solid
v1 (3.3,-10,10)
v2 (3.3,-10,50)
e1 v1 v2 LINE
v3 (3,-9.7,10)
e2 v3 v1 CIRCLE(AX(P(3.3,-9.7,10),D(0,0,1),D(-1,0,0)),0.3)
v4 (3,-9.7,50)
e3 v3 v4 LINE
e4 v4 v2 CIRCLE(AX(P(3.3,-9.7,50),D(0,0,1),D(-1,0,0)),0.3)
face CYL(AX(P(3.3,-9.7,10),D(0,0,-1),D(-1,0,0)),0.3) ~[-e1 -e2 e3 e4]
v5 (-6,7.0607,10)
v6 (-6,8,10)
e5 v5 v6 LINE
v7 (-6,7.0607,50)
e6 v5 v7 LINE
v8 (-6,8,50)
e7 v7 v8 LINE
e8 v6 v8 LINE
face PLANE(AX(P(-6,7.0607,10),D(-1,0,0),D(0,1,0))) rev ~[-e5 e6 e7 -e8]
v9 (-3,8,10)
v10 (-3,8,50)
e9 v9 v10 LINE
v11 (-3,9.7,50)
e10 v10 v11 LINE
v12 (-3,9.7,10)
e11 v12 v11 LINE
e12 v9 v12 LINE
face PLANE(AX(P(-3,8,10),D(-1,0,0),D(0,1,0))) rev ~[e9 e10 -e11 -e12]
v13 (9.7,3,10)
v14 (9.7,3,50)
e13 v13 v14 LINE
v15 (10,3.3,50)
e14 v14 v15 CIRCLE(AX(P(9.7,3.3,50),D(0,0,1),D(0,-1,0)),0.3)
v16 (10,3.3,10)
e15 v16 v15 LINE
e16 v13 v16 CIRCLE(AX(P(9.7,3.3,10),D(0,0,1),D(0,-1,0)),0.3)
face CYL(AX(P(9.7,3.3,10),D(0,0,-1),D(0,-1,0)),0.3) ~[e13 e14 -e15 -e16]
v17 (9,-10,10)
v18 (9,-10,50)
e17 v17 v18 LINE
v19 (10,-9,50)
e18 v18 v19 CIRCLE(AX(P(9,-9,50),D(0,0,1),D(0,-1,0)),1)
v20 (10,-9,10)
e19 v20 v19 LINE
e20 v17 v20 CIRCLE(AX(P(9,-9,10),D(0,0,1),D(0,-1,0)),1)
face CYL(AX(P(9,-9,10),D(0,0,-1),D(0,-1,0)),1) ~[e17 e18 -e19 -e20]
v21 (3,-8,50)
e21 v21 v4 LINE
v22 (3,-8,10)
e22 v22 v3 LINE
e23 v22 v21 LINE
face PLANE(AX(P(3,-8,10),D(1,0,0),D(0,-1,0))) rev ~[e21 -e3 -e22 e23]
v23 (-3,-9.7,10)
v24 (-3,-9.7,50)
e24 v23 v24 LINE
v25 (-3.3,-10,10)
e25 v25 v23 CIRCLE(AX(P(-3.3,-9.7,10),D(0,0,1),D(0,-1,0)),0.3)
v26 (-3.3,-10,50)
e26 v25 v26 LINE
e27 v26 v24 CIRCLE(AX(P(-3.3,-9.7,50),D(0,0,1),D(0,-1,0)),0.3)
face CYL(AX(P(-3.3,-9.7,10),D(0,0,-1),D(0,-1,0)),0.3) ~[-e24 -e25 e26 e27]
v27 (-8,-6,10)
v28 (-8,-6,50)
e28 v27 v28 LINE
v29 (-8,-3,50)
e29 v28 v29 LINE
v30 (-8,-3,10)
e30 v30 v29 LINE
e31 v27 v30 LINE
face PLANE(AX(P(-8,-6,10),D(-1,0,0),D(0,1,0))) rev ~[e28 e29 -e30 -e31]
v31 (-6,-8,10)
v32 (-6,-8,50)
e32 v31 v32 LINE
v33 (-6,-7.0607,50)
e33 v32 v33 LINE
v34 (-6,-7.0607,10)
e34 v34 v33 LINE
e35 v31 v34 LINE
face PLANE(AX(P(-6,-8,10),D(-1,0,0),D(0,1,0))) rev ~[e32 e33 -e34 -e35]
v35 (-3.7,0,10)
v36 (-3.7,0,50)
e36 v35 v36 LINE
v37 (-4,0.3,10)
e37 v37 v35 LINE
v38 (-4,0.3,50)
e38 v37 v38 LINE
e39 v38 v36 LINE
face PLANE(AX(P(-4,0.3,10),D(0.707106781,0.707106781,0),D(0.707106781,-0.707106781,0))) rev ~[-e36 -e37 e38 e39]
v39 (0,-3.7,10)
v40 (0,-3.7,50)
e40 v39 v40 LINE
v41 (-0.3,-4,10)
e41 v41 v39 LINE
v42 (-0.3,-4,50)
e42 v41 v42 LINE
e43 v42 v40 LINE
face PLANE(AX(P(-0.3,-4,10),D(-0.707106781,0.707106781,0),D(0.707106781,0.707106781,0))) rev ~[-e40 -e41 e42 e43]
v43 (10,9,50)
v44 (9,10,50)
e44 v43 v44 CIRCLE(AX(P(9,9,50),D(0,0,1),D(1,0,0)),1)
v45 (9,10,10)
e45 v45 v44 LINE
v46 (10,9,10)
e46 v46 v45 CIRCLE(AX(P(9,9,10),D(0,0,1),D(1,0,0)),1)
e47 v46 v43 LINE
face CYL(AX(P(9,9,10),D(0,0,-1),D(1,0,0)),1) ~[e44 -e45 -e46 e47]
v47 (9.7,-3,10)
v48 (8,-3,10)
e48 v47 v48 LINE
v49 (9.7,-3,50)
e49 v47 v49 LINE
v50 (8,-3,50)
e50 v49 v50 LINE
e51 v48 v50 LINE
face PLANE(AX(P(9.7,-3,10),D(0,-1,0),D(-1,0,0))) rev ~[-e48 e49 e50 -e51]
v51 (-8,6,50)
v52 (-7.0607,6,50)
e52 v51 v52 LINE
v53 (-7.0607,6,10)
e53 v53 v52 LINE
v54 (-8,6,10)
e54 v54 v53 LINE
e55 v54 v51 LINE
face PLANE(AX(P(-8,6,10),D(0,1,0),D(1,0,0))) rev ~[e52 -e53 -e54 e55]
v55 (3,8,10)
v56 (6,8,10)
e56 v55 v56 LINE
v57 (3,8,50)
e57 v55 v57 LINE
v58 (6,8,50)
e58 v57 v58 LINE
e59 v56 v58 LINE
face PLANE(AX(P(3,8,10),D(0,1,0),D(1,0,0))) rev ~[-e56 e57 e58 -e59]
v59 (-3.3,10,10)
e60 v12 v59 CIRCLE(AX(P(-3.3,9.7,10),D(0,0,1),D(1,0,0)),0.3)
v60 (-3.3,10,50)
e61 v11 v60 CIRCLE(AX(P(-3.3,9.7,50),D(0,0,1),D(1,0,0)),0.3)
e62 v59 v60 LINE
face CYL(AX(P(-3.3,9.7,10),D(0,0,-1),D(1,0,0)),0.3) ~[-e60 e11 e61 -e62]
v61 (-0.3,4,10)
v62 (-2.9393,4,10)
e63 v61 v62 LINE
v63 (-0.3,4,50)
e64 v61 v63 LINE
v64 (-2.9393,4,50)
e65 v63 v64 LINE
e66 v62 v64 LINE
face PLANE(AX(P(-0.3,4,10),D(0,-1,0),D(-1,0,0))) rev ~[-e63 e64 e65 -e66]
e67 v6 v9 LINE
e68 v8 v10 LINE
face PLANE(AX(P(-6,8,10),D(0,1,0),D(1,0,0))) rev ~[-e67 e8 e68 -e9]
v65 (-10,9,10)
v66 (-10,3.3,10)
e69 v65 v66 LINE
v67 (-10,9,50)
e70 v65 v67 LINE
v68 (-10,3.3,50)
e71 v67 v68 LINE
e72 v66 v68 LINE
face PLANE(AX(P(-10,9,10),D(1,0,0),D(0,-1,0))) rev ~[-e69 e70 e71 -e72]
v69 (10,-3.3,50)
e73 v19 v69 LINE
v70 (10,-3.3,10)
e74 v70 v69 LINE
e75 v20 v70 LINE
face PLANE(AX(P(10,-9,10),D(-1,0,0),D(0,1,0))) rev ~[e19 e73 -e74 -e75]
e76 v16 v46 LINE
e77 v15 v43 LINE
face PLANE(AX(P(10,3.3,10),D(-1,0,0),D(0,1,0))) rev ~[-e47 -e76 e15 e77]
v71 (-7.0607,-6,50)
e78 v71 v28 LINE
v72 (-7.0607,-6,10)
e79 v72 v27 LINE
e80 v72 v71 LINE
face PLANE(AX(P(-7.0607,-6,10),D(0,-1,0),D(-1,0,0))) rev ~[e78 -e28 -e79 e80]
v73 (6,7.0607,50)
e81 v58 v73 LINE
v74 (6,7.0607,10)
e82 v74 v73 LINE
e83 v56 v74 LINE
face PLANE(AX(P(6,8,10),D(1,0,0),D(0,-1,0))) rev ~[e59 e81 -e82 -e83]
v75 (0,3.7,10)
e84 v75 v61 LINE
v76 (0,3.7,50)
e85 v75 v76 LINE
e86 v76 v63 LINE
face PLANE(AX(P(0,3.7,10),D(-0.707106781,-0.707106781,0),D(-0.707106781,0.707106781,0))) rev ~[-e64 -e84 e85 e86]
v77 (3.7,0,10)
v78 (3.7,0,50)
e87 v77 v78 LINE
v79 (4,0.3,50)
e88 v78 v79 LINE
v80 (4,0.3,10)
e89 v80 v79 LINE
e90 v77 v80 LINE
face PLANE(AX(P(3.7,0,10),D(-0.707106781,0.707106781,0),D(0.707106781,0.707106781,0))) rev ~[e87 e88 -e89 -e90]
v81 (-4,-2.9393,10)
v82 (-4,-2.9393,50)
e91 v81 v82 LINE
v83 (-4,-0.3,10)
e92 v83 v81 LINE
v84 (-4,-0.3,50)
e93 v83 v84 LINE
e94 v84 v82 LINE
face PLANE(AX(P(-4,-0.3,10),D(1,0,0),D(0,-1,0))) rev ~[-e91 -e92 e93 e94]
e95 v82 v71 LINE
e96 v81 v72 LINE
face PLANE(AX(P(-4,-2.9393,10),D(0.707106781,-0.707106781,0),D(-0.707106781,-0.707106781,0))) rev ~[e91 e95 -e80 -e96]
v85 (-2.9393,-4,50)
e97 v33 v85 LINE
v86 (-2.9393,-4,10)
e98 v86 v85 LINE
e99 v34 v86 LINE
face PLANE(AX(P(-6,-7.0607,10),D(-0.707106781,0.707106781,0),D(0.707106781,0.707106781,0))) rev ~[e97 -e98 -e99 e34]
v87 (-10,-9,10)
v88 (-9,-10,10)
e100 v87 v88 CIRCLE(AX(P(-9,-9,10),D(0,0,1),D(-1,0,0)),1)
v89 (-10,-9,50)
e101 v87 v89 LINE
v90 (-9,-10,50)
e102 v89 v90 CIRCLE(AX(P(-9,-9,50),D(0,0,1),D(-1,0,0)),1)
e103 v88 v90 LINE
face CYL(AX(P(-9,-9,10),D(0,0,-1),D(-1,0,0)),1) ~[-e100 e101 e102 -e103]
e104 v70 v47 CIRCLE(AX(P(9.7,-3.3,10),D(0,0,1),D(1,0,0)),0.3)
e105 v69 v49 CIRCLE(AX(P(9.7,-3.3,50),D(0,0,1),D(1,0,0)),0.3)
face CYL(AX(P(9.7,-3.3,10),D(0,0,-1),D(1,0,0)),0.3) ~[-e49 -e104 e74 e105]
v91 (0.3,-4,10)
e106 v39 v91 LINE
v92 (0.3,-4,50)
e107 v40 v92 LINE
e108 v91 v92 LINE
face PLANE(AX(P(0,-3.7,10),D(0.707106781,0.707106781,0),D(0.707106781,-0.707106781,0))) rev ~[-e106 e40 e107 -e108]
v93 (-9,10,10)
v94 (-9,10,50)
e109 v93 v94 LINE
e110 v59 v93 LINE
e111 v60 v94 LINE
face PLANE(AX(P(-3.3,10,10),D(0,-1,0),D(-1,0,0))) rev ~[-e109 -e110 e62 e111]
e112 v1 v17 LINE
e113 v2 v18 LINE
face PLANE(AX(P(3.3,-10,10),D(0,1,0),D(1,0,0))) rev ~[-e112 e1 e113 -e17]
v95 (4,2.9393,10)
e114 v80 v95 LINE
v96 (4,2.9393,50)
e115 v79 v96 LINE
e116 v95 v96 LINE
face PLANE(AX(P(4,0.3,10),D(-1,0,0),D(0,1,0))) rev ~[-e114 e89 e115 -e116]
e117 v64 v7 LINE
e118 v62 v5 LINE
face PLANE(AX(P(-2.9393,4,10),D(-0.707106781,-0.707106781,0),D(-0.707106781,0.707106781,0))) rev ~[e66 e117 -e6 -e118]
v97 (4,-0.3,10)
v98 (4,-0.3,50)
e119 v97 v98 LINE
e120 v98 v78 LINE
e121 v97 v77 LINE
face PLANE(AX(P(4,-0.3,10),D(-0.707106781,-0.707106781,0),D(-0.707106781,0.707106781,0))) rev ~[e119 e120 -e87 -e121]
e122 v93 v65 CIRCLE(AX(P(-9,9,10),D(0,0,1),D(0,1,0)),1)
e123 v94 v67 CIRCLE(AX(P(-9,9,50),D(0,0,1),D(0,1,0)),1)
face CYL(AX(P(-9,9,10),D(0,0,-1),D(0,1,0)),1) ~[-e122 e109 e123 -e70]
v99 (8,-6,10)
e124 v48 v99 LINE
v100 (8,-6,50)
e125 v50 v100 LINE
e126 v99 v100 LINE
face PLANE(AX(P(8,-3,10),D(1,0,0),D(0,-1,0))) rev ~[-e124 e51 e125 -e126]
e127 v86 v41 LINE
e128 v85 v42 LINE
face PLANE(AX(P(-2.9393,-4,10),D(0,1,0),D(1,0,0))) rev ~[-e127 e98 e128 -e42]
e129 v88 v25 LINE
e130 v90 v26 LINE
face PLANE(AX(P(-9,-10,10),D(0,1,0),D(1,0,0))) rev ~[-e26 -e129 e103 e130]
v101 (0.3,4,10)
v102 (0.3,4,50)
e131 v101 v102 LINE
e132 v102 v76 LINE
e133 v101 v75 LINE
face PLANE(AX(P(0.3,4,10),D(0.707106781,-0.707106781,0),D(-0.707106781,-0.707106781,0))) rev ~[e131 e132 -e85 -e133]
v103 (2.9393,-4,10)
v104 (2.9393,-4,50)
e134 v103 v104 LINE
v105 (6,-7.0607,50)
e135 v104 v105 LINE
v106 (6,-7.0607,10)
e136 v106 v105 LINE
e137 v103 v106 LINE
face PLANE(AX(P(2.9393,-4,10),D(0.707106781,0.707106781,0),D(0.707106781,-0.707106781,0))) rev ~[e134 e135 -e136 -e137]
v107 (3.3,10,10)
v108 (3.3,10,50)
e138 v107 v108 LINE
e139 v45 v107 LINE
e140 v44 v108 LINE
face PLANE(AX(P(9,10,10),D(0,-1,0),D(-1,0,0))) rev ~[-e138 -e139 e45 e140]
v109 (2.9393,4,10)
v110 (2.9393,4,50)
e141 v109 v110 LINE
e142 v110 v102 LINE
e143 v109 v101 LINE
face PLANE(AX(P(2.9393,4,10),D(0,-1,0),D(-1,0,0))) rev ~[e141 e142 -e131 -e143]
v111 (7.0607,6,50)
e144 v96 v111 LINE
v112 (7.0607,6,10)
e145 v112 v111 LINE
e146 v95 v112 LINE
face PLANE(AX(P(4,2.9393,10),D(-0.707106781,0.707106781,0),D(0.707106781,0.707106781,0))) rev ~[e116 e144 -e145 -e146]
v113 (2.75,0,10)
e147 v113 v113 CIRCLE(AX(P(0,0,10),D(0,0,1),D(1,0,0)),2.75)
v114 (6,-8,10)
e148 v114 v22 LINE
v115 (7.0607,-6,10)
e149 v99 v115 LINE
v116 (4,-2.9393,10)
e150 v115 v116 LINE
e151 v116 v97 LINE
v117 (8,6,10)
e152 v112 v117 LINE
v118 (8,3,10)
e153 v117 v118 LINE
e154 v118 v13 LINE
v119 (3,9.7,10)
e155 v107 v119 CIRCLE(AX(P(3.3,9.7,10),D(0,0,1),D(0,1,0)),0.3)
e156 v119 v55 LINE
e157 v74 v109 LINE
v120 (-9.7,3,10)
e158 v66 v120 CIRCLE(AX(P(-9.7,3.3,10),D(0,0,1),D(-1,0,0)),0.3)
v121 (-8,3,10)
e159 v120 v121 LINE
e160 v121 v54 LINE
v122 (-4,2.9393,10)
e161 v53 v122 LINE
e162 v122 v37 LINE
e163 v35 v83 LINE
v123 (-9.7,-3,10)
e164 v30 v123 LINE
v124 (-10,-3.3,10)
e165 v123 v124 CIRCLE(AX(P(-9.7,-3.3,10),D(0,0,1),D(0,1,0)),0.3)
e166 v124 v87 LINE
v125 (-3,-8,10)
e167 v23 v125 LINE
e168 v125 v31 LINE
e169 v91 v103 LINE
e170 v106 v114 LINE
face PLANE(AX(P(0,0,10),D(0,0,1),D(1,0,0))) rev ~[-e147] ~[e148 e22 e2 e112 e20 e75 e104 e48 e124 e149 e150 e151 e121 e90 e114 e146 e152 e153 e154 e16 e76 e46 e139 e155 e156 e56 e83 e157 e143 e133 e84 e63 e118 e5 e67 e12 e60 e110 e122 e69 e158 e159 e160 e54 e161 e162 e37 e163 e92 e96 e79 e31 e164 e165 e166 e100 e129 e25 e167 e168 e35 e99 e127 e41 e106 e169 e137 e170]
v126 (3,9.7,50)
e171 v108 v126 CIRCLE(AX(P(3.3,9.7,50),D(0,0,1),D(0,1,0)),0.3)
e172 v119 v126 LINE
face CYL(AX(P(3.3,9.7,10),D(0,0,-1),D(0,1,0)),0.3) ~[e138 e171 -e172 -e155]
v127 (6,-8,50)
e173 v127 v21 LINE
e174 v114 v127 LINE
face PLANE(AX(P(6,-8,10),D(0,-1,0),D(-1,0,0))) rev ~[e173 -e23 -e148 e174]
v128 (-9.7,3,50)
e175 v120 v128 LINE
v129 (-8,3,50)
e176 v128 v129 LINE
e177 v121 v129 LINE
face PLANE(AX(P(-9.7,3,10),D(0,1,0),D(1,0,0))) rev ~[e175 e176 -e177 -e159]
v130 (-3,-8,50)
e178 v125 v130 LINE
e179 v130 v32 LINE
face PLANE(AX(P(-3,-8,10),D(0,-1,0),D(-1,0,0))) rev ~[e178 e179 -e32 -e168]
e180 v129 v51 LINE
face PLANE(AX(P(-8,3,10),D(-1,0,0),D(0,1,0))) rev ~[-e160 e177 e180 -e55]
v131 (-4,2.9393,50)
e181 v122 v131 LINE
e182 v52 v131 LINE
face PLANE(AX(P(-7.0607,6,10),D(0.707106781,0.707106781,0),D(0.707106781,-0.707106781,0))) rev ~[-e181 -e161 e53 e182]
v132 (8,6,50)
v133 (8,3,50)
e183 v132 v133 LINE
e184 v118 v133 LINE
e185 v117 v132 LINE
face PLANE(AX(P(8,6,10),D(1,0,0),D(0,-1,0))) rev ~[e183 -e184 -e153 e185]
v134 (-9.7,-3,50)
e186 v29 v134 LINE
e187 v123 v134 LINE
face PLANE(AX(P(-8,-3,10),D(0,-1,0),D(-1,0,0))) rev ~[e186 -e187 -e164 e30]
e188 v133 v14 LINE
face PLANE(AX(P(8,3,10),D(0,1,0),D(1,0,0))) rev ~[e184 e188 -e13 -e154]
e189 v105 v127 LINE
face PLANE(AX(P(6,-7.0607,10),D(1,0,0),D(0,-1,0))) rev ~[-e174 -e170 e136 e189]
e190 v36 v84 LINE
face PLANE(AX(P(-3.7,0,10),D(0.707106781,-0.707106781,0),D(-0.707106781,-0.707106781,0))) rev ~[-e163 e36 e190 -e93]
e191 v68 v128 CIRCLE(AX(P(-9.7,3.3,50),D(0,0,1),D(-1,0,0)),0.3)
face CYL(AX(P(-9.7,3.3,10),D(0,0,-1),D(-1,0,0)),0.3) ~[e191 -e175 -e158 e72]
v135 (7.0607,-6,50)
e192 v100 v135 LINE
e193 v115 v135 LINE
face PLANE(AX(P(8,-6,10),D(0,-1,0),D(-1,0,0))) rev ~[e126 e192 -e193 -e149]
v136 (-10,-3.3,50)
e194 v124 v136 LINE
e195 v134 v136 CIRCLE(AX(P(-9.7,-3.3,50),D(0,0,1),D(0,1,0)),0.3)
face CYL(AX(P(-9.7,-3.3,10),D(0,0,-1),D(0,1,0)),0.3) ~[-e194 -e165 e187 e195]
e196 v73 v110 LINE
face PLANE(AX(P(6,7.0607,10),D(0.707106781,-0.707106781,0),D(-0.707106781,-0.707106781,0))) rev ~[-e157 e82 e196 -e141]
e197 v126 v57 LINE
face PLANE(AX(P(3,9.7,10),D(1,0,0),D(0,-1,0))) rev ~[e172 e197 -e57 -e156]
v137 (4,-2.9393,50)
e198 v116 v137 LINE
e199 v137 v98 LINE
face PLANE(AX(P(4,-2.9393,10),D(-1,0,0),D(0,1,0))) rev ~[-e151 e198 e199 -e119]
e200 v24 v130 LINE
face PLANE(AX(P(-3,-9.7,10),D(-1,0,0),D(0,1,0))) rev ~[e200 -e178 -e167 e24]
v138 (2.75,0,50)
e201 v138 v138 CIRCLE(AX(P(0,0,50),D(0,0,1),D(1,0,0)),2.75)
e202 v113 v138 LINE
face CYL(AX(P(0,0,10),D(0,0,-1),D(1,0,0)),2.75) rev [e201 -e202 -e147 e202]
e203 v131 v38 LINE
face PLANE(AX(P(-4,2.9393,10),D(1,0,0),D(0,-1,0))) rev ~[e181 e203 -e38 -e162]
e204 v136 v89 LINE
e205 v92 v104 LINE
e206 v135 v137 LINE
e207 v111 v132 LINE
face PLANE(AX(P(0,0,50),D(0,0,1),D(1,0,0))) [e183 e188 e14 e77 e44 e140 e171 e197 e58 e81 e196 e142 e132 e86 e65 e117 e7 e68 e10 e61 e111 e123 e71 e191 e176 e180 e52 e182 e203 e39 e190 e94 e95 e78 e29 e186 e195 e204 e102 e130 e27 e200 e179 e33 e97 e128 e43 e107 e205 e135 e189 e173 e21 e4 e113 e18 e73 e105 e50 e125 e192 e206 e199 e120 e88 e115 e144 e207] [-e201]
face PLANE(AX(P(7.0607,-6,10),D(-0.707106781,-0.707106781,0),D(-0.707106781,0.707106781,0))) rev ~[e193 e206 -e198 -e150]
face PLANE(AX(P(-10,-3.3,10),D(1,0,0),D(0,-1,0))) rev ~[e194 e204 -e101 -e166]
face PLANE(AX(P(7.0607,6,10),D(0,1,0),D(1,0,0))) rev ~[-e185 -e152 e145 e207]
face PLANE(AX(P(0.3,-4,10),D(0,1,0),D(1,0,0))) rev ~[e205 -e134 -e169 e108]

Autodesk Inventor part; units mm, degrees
ref_plane "Startebene" through (0, 0, 0) normal (0, 0, 1) x (1, 0, 0)
ref_plane "Endebene" through (0, 0, 320) normal (0, 0, 1) x (1, 0, 0)
ref_plane "Startebene1" through (0, 0, 0) normal (0, 0, 1) x (1, 0, 0)
ref_plane "Endebene1" through (0, 0, 60) normal (0, 0, 1) x (1, 0, 0)
ref_plane "Startebene2" through (0, 0, 10) normal (0, 0, 1) x (1, 0, 0)
ref_plane "Endebene2" through (0, 0, 50) normal (0, 0, 1) x (1, 0, 0)
sketch "Skizze" plane through (0, 0, 0) normal (0, 0, 1) x (1, 0, 0)
  line L0 (-10, 9) -> (-10, 3.3)
  arc A0 (-10, 3.3) -> (-9.7, 3) centre (-9.7, 3.3) ccw
  line L1 (-9.7, 3) -> (-8, 3)
  line L2 (-8, 3) -> (-8, 6)
  line L3 (-8, 6) -> (-7.0607, 6)
  line L4 (-7.0607, 6) -> (-4, 2.9393)
  line L5 (-4, 2.9393) -> (-4, 0.3)
  line L6 (-4, 0.3) -> (-3.7, 0)
  line L7 (-3.7, 0) -> (-4, -0.3)
  line L8 (-4, -0.3) -> (-4, -2.9393)
  line L9 (-4, -2.9393) -> (-7.0607, -6)
  line L10 (-7.0607, -6) -> (-8, -6)
  line L11 (-8, -6) -> (-8, -3)
  line L12 (-8, -3) -> (-9.7, -3)
  arc A1 (-9.7, -3) -> (-10, -3.3) centre (-9.7, -3.3) ccw
  line L13 (-10, -3.3) -> (-10, -9)
  arc A2 (-10, -9) -> (-9, -10) centre (-9, -9) ccw
  line L14 (-9, -10) -> (-3.3, -10)
  arc A3 (-3.3, -10) -> (-3, -9.7) centre (-3.3, -9.7) ccw
  line L15 (-3, -9.7) -> (-3, -8)
  line L16 (-3, -8) -> (-6, -8)
  line L17 (-6, -8) -> (-6, -7.0607)
  line L18 (-6, -7.0607) -> (-2.9393, -4)
  line L19 (-2.9393, -4) -> (-0.3, -4)
  line L20 (-0.3, -4) -> (0, -3.7)
  line L21 (0, -3.7) -> (0.3, -4)
  line L22 (0.3, -4) -> (2.9393, -4)
  line L23 (2.9393, -4) -> (6, -7.0607)
  line L24 (6, -7.0607) -> (6, -8)
  line L25 (6, -8) -> (3, -8)
  line L26 (3, -8) -> (3, -9.7)
  arc A4 (3, -9.7) -> (3.3, -10) centre (3.3, -9.7) ccw
  line L27 (3.3, -10) -> (9, -10)
  arc A5 (9, -10) -> (10, -9) centre (9, -9) ccw
  line L28 (10, -9) -> (10, -3.3)
  arc A6 (10, -3.3) -> (9.7, -3) centre (9.7, -3.3) ccw
  line L29 (9.7, -3) -> (8, -3)
  line L30 (8, -3) -> (8, -6)
  line L31 (8, -6) -> (7.0607, -6)
  line L32 (7.0607, -6) -> (4, -2.9393)
  line L33 (4, -2.9393) -> (4, -0.3)
  line L34 (4, -0.3) -> (3.7, 0)
  line L35 (3.7, 0) -> (4, 0.3)
  line L36 (4, 0.3) -> (4, 2.9393)
  line L37 (4, 2.9393) -> (7.0607, 6)
  line L38 (7.0607, 6) -> (8, 6)
  line L39 (8, 6) -> (8, 3)
  line L40 (8, 3) -> (9.7, 3)
  arc A7 (9.7, 3) -> (10, 3.3) centre (9.7, 3.3) ccw
  line L41 (10, 3.3) -> (10, 9)
  arc A8 (10, 9) -> (9, 10) centre (9, 9) ccw
  line L42 (9, 10) -> (3.3, 10)
  arc A9 (3.3, 10) -> (3, 9.7) centre (3.3, 9.7) ccw
  line L43 (3, 9.7) -> (3, 8)
  line L44 (3, 8) -> (6, 8)
  line L45 (6, 8) -> (6, 7.0607)
  line L46 (6, 7.0607) -> (2.9393, 4)
  line L47 (2.9393, 4) -> (0.3, 4)
  line L48 (0.3, 4) -> (0, 3.7)
  line L49 (0, 3.7) -> (-0.3, 4)
  line L50 (-0.3, 4) -> (-2.9393, 4)
  line L51 (-2.9393, 4) -> (-6, 7.0607)
  line L52 (-6, 7.0607) -> (-6, 8)
  line L53 (-6, 8) -> (-3, 8)
  line L54 (-3, 8) -> (-3, 9.7)
  arc A10 (-3, 9.7) -> (-3.3, 10) centre (-3.3, 9.7) ccw
  line L55 (-3.3, 10) -> (-9, 10)
  arc A11 (-9, 10) -> (-10, 9) centre (-9, 9) ccw
  circle A12 centre (0, 0) radius 2.75
  dimension "d2" = 5.5
  dimension "d3" = 10
  dimension "d4" = 10
  dimension "d5" = 5.7
  dimension "d6" = 5.7
  dimension "d7" = 1.7
  dimension "d8" = 3
  dimension "d9" = 0.3
  dimension "d10" = 90
  dimension "d11" = 45
  dimension "d12" = 45
  dimension "d13" = 45
  dimension "d14" = 90
  dimension "d15" = 90
  dimension "d16" = 45
  dimension "d17" = 45
  dimension "d18" = 45
  dimension "d19" = 45
  dimension "d20" = 90
  dimension "d21" = 90
  dimension "d22" = 45
  dimension "d23" = 45
  dimension "d24" = 90
  dimension "d25" = 90
  dimension "d26" = 90
  dimension "d27" = 90
  dimension "d28" = 90
  dimension "d29" = 90
  dimension "d30" = 90
  dimension "d31" = 90
  dimension "d32" = 90
  dimension "d33" = 90
  dimension "d34" = 90
  dimension "d35" = 90
  dimension "d36" = 90
  dimension "d37" = 90
  dimension "d38" = 90
  dimension "d39" = 4
  dimension "d40" = 6
  dimension "d41" = 13
  dimension "d42" = 14
  dimension "d43" = 16
  dimension "d44" = 18
  dimension "d45" = 3
  dimension "d46" = 9
  dimension "d47" = 7
  dimension "d48" = 1
  dimension "d49" = 7
  dimension "d50" = 1.5
  dimension "d51" = 1.8663
  dimension "d52" = 3.3663
  dimension "d53" = 1.5
  dimension "d54" = 1.8663
  dimension "d55" = 3.3663
  dimension "d56" = 4
  dimension "d57" = 10.8187
  dimension "d58" = 1.9092
  dimension "d59" = 5
  dimension "d60" = 13
  dimension "d61" = 13
  dimension "d62" = 16.0513
  dimension "d63" = 3.3234
  dimension "d64" = 14
  dimension "d65" = 12.685
extrude "Körper" add sketch "Skizze" along normal up to surface (40 mm away) from surface at 10
sketch "Skizze13" plane through (0, 0, 0) normal (0, 0, 1) x (1, 0, 0)
  line L0 (0, 0) -> (10, 0)
ref_plane "Arbeitsebene12" through (0, 0, 0) normal (0, -1, 0) x (1, 0, 0)
sketch "Skizze14" plane through (0, 0, 0) normal (0, -1, 0) x (1, 0, 0)
  line L0 (-2, 10) -> (12, 10)
  line L1 (-2, 50) -> (12, 50)
  dimension "d80" = 40
ref_plane "Arbeitsebene13" through (9, 50, 10) normal (0, 0, -1) x (-1, 0, 0)
split "Trennen1" plane through (9, 50, 10) removes the side toward (0, 0, -1)
ref_plane "Arbeitsebene14" through (-3.3, 0, 50) normal (0, 0, 1) x (1, 0, 0)
split "Trennen2" plane through (-3.3, 0, 50) removes the side toward (0, 0, 1)
equation "\"G_OFFSET_START\" = 0"
equation "\"G_OFFSET_END\" = 0"
equation "\"G_L\" = d80"
equation "\"G_OFFSET_START1\" = 0"
equation "\"G_OFFSET_END1\" = 0"
properties part number "Alu Profil 20x20 - AP2020" material "Aluminium 6061"
